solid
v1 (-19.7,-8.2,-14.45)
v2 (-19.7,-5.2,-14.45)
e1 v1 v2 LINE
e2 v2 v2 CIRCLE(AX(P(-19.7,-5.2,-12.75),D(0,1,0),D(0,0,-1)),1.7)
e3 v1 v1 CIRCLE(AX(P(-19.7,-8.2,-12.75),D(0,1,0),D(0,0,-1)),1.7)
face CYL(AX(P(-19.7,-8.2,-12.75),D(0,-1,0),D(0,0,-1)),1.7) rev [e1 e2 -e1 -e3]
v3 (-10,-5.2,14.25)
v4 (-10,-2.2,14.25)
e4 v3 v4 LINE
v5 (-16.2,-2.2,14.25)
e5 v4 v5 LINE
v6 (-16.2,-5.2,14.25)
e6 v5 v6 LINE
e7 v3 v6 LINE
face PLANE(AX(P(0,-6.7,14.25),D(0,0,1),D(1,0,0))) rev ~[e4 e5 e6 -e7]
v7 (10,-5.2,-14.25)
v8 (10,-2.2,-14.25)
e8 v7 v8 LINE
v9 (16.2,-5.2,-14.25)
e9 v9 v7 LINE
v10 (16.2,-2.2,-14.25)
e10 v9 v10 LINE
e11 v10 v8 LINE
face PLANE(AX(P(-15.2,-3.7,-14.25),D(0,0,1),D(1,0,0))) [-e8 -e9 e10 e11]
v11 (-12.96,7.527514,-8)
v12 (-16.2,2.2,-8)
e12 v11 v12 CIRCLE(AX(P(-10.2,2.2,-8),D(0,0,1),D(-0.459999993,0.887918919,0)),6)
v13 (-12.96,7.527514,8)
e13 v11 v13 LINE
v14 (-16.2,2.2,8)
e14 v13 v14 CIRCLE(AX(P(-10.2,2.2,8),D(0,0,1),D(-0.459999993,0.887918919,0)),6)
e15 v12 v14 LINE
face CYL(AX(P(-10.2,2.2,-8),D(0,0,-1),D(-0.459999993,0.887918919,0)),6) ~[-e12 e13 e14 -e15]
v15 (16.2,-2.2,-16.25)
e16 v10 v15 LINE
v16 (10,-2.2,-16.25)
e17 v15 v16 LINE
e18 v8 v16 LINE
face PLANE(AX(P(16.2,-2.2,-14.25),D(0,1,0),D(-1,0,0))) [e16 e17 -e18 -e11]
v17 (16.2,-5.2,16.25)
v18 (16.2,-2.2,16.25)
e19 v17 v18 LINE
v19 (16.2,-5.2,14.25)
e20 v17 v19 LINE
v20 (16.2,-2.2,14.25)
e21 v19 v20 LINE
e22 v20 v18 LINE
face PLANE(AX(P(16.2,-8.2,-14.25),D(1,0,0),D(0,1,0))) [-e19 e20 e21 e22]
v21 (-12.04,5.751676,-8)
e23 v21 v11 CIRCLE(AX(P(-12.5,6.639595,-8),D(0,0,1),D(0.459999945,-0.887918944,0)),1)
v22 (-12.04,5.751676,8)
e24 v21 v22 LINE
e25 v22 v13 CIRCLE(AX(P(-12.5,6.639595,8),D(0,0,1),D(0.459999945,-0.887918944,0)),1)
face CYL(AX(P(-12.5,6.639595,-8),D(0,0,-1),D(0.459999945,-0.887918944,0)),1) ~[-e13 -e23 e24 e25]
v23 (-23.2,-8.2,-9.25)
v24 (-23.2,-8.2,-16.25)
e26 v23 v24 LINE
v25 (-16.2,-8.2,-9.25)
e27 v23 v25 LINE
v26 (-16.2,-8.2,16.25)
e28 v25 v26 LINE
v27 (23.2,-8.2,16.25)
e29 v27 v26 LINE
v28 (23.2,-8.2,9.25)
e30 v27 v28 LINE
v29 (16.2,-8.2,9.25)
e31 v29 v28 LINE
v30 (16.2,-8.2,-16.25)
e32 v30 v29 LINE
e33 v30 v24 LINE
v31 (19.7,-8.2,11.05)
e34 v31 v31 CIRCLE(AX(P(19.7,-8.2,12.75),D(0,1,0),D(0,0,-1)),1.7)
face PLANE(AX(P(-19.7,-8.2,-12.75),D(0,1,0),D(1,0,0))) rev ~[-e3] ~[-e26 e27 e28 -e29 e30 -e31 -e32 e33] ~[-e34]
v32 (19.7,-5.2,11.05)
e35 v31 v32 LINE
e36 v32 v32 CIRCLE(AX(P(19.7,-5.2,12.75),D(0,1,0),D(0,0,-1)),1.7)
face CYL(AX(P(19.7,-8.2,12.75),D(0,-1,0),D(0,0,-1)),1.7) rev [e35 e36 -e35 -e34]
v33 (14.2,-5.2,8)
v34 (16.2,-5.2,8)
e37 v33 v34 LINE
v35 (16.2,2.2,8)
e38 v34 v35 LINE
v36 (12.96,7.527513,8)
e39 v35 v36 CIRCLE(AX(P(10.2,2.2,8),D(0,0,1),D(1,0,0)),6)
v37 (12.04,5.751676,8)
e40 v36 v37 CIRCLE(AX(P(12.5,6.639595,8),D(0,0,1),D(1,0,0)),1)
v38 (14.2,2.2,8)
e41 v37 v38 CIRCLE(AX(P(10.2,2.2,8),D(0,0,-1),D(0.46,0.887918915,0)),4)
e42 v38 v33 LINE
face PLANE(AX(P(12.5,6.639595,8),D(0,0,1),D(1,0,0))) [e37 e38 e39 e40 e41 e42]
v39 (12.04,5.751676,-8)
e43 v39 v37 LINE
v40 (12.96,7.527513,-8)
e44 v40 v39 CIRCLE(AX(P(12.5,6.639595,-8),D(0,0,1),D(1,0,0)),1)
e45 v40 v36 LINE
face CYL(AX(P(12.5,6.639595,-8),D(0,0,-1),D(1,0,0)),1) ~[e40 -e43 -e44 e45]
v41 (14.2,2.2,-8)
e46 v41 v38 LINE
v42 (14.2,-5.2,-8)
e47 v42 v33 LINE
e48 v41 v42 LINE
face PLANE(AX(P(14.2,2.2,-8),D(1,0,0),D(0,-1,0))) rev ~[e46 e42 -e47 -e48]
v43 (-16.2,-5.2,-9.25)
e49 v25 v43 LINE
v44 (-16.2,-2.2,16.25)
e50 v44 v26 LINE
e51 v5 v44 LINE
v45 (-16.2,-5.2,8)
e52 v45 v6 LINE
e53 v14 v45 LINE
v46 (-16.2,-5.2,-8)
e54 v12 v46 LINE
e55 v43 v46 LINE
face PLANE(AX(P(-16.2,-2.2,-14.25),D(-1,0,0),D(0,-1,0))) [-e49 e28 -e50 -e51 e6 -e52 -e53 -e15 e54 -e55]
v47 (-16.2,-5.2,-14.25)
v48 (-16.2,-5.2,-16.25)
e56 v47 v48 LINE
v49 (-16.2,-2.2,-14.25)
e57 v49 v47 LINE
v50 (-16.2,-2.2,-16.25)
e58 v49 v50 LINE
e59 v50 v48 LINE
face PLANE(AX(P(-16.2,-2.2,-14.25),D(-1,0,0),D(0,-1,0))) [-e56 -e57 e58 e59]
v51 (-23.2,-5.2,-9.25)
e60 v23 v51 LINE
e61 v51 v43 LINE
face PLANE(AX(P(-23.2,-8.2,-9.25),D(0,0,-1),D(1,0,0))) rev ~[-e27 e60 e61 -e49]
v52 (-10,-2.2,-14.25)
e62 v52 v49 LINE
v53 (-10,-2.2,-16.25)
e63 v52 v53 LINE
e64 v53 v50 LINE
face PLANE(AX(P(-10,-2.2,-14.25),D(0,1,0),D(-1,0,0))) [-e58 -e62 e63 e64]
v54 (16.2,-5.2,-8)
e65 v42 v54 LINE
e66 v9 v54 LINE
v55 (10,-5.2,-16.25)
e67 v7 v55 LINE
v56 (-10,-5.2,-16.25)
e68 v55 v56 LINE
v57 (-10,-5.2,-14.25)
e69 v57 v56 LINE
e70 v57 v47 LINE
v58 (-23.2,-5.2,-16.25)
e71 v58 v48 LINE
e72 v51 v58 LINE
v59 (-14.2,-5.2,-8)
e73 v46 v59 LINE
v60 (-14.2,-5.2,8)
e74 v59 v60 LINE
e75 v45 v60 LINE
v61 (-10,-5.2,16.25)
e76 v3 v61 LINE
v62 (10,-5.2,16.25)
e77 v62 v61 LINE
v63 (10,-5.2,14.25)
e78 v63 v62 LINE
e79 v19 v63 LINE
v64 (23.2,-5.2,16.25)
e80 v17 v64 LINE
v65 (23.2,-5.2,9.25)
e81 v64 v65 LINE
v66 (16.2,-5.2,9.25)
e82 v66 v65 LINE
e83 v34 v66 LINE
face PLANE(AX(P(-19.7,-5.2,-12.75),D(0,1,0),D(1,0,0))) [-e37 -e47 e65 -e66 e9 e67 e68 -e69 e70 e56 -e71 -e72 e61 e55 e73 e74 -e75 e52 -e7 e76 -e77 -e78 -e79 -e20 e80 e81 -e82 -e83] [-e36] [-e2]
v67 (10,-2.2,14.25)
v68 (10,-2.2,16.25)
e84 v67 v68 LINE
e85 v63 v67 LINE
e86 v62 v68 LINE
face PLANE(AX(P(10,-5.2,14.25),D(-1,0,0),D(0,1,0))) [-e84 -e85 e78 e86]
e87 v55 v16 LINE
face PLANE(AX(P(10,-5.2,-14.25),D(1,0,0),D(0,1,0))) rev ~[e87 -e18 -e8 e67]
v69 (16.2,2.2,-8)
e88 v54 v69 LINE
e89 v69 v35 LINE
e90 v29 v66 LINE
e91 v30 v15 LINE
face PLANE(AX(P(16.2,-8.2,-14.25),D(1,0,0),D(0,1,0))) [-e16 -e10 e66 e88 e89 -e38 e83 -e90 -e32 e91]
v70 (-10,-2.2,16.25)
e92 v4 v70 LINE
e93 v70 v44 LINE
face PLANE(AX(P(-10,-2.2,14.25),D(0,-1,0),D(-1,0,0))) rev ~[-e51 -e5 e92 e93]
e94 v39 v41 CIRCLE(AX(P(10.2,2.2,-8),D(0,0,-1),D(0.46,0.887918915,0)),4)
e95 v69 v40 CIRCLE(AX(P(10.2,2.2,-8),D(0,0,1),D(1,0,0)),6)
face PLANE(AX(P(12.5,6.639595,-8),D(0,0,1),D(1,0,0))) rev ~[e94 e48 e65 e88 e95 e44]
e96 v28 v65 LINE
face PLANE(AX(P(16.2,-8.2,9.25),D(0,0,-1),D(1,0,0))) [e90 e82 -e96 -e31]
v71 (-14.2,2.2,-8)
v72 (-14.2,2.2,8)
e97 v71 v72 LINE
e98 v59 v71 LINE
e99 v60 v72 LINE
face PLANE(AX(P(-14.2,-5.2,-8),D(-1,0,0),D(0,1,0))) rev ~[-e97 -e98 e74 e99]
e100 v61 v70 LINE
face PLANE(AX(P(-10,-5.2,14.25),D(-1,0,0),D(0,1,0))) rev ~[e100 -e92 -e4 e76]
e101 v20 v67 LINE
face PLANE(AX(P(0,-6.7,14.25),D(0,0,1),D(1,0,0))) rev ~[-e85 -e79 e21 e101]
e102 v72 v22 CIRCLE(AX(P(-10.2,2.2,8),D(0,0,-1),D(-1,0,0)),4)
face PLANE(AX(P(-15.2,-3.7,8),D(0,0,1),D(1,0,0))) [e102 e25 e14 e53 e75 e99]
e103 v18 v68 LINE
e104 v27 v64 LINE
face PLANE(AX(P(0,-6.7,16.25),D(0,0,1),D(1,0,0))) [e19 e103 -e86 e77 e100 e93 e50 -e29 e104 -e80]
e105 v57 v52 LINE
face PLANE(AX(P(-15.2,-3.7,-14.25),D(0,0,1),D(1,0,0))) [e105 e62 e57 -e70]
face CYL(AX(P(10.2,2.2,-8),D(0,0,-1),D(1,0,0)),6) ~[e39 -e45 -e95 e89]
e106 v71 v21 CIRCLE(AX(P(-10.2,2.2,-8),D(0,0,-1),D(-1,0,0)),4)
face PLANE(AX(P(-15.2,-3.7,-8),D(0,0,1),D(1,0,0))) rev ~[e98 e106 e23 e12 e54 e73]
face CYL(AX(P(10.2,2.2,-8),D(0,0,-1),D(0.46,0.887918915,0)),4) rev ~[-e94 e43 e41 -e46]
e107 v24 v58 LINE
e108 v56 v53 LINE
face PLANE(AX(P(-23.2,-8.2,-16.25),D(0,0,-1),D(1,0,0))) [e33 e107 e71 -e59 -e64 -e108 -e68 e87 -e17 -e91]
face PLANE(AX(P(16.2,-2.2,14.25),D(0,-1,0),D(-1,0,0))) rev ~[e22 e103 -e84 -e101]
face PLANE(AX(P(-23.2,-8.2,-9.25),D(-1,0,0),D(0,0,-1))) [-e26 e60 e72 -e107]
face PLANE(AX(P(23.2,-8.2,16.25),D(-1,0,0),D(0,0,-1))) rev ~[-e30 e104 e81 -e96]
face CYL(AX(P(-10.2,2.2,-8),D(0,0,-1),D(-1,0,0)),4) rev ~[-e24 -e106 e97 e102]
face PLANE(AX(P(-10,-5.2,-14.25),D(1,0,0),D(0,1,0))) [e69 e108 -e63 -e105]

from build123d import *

# Parameters (mm, degrees)
BOSS_EXTRUDE1_DEPTH      = 14.25
BOSS_EXTRUDE1_DEPTH_BACK = 14.25
BOSS_EXTRUDE2_START      = 14.25
SKETCH1_3_W              = 2
SKETCH1_3_H              = 3
SKETCH1_3_W_2            = 4.2
BOSS_EXTRUDE2_DEPTH      = 2
BOSS_EXTRUDE3_START      = -14.25
SKETCH1_6_W              = 2
SKETCH1_6_H              = 3
SKETCH1_6_W_2            = 4.2
BOSS_EXTRUDE3_DEPTH      = 2
BOSS_EXTRUDE4_DEPTH      = 8
BOSS_EXTRUDE4_DEPTH_BACK = 8
SKETCH1_7_W              = 2
SKETCH1_7_H              = 3
SKETCH1_7_R              = 1
BOSS_EXTRUDE5_START      = -8.2
SKETCH2_W                = 7
SKETCH2_H                = 7
SKETCH2_R                = 1.7
BOSS_EXTRUDE5_DEPTH      = 3


with BuildPart() as part:
    # Sketch1 → Boss-Extrude1 (new, two sides: drawn at the far end of the back side and taken through both)
    with BuildSketch(Plane.XY.offset(-BOSS_EXTRUDE1_DEPTH_BACK)):
        Polygon((-14.2, -5.2), (-16.2, -5.2), (-16.2, -8.2), (16.2, -8.2), (16.2, -5.2), (14.2, -5.2), (10, -5.2), (-10, -5.2), align=None)
    extrude(amount=BOSS_EXTRUDE1_DEPTH + BOSS_EXTRUDE1_DEPTH_BACK)

    # Sketch1<3> → Boss-Extrude2 (add)
    with BuildSketch(Plane.XY.offset(BOSS_EXTRUDE2_START)):
        Polygon((-14.2, -5.2), (-16.2, -5.2), (-16.2, -8.2), (16.2, -8.2), (16.2, -5.2), (14.2, -5.2), (10, -5.2), (-10, -5.2), align=None)
        with Locations((-15.2, -3.7)):
            Rectangle(SKETCH1_3_W, SKETCH1_3_H)
        with Locations((-12.1, -3.7)):
            Rectangle(SKETCH1_3_W_2, SKETCH1_3_H)
        with Locations((12.1, -3.7)):
            Rectangle(SKETCH1_3_W_2, SKETCH1_3_H)
        with Locations((15.2, -3.7)):
            Rectangle(SKETCH1_3_W, SKETCH1_3_H)
    extrude(amount=BOSS_EXTRUDE2_DEPTH)

    # Sketch1<6> → Boss-Extrude3 (add)
    with BuildSketch(Plane.XY.offset(BOSS_EXTRUDE3_START)):
        with Locations((-15.2, -3.7)):
            Rectangle(SKETCH1_6_W, SKETCH1_6_H)
        with Locations((-12.1, -3.7)):
            Rectangle(SKETCH1_6_W_2, SKETCH1_6_H)
        Polygon((-14.2, -5.2), (-16.2, -5.2), (-16.2, -8.2), (16.2, -8.2), (16.2, -5.2), (14.2, -5.2), (10, -5.2), (-10, -5.2), align=None)
        with Locations((12.1, -3.7)):
            Rectangle(SKETCH1_6_W_2, SKETCH1_6_H)
        with Locations((15.2, -3.7)):
            Rectangle(SKETCH1_6_W, SKETCH1_6_H)
    extrude(amount=-BOSS_EXTRUDE3_DEPTH)

    # Sketch1<7> → Boss-Extrude4 (add, two sides: drawn at the far end of the back side and taken through both)
    with BuildSketch(Plane.XY.offset(-BOSS_EXTRUDE4_DEPTH_BACK)):
        with Locations((-15.2, -3.7)):
            Rectangle(SKETCH1_7_W, SKETCH1_7_H)
        with BuildLine():
            Line((-16.2, 2.2), (-16.2, -2.2))
            Line((-16.2, -2.2), (-14.2, -2.2))
            Line((-14.2, -2.2), (-14.2, 2.2))
            ThreePointArc((-14.2, 2.2), (-13.617601514, 4.278460942), (-12.040000055, 5.751675632))
            ThreePointArc((-12.040000055, 5.751675632), (-13.387918942, 6.179594627), (-12.959999953, 7.527513516))
            ThreePointArc((-12.959999953, 7.527513516), (-15.326402233, 5.317691476), (-16.2, 2.2))
        make_face()
        with Locations((-12.5, 6.639594576)):
            Circle(SKETCH1_7_R)
        with Locations((12.5, 6.639594576)):
            Circle(SKETCH1_7_R)
        with BuildLine():
            Line((14.2, 2.2), (14.2, -2.2))
            Line((14.2, -2.2), (16.2, -2.2))
            Line((16.2, -2.2), (16.2, 2.2))
            ThreePointArc((16.2, 2.2), (15.326402246, 5.317691455), (12.959999996, 7.527513493))
            ThreePointArc((12.959999996, 7.527513493), (13.354400373, 7.15920982), (13.5, 6.639594576))
            ThreePointArc((13.5, 6.639594576), (13.019615242, 5.785194201), (12.039999999, 5.751675662))
            ThreePointArc((12.039999999, 5.751675662), (13.617601498, 4.27846097), (14.2, 2.2))
        make_face()
        with Locations((15.2, -3.7)):
            Rectangle(SKETCH1_7_W, SKETCH1_7_H)
    extrude(amount=BOSS_EXTRUDE4_DEPTH + BOSS_EXTRUDE4_DEPTH_BACK)

    # Sketch2 → Boss-Extrude5 (add)
    # profile 1 of 2: a face of its own
    with BuildSketch(Plane(origin=(0, 0, 0), x_dir=(1, 0, 0), z_dir=(0, 1, 0)).offset(BOSS_EXTRUDE5_START)):
        with Locations((-19.7, 12.75)):
            Rectangle(SKETCH2_W, SKETCH2_H)
        with Locations(Location((-19.7, 12.75, 0), (0, 0, 90))):
            Circle(SKETCH2_R, mode=Mode.SUBTRACT)
    # profile 2 of 2: a face of its own
    with BuildSketch(Plane(origin=(0, 0, 0), x_dir=(1, 0, 0), z_dir=(0, 1, 0)).offset(BOSS_EXTRUDE5_START)):
        with Locations((19.7, -12.75)):
            Rectangle(SKETCH2_W, SKETCH2_H)
        with Locations(Location((19.7, -12.75, 0), (0, 0, 90))):
            Circle(SKETCH2_R, mode=Mode.SUBTRACT)
    extrude(amount=BOSS_EXTRUDE5_DEPTH)


solid = part.part
